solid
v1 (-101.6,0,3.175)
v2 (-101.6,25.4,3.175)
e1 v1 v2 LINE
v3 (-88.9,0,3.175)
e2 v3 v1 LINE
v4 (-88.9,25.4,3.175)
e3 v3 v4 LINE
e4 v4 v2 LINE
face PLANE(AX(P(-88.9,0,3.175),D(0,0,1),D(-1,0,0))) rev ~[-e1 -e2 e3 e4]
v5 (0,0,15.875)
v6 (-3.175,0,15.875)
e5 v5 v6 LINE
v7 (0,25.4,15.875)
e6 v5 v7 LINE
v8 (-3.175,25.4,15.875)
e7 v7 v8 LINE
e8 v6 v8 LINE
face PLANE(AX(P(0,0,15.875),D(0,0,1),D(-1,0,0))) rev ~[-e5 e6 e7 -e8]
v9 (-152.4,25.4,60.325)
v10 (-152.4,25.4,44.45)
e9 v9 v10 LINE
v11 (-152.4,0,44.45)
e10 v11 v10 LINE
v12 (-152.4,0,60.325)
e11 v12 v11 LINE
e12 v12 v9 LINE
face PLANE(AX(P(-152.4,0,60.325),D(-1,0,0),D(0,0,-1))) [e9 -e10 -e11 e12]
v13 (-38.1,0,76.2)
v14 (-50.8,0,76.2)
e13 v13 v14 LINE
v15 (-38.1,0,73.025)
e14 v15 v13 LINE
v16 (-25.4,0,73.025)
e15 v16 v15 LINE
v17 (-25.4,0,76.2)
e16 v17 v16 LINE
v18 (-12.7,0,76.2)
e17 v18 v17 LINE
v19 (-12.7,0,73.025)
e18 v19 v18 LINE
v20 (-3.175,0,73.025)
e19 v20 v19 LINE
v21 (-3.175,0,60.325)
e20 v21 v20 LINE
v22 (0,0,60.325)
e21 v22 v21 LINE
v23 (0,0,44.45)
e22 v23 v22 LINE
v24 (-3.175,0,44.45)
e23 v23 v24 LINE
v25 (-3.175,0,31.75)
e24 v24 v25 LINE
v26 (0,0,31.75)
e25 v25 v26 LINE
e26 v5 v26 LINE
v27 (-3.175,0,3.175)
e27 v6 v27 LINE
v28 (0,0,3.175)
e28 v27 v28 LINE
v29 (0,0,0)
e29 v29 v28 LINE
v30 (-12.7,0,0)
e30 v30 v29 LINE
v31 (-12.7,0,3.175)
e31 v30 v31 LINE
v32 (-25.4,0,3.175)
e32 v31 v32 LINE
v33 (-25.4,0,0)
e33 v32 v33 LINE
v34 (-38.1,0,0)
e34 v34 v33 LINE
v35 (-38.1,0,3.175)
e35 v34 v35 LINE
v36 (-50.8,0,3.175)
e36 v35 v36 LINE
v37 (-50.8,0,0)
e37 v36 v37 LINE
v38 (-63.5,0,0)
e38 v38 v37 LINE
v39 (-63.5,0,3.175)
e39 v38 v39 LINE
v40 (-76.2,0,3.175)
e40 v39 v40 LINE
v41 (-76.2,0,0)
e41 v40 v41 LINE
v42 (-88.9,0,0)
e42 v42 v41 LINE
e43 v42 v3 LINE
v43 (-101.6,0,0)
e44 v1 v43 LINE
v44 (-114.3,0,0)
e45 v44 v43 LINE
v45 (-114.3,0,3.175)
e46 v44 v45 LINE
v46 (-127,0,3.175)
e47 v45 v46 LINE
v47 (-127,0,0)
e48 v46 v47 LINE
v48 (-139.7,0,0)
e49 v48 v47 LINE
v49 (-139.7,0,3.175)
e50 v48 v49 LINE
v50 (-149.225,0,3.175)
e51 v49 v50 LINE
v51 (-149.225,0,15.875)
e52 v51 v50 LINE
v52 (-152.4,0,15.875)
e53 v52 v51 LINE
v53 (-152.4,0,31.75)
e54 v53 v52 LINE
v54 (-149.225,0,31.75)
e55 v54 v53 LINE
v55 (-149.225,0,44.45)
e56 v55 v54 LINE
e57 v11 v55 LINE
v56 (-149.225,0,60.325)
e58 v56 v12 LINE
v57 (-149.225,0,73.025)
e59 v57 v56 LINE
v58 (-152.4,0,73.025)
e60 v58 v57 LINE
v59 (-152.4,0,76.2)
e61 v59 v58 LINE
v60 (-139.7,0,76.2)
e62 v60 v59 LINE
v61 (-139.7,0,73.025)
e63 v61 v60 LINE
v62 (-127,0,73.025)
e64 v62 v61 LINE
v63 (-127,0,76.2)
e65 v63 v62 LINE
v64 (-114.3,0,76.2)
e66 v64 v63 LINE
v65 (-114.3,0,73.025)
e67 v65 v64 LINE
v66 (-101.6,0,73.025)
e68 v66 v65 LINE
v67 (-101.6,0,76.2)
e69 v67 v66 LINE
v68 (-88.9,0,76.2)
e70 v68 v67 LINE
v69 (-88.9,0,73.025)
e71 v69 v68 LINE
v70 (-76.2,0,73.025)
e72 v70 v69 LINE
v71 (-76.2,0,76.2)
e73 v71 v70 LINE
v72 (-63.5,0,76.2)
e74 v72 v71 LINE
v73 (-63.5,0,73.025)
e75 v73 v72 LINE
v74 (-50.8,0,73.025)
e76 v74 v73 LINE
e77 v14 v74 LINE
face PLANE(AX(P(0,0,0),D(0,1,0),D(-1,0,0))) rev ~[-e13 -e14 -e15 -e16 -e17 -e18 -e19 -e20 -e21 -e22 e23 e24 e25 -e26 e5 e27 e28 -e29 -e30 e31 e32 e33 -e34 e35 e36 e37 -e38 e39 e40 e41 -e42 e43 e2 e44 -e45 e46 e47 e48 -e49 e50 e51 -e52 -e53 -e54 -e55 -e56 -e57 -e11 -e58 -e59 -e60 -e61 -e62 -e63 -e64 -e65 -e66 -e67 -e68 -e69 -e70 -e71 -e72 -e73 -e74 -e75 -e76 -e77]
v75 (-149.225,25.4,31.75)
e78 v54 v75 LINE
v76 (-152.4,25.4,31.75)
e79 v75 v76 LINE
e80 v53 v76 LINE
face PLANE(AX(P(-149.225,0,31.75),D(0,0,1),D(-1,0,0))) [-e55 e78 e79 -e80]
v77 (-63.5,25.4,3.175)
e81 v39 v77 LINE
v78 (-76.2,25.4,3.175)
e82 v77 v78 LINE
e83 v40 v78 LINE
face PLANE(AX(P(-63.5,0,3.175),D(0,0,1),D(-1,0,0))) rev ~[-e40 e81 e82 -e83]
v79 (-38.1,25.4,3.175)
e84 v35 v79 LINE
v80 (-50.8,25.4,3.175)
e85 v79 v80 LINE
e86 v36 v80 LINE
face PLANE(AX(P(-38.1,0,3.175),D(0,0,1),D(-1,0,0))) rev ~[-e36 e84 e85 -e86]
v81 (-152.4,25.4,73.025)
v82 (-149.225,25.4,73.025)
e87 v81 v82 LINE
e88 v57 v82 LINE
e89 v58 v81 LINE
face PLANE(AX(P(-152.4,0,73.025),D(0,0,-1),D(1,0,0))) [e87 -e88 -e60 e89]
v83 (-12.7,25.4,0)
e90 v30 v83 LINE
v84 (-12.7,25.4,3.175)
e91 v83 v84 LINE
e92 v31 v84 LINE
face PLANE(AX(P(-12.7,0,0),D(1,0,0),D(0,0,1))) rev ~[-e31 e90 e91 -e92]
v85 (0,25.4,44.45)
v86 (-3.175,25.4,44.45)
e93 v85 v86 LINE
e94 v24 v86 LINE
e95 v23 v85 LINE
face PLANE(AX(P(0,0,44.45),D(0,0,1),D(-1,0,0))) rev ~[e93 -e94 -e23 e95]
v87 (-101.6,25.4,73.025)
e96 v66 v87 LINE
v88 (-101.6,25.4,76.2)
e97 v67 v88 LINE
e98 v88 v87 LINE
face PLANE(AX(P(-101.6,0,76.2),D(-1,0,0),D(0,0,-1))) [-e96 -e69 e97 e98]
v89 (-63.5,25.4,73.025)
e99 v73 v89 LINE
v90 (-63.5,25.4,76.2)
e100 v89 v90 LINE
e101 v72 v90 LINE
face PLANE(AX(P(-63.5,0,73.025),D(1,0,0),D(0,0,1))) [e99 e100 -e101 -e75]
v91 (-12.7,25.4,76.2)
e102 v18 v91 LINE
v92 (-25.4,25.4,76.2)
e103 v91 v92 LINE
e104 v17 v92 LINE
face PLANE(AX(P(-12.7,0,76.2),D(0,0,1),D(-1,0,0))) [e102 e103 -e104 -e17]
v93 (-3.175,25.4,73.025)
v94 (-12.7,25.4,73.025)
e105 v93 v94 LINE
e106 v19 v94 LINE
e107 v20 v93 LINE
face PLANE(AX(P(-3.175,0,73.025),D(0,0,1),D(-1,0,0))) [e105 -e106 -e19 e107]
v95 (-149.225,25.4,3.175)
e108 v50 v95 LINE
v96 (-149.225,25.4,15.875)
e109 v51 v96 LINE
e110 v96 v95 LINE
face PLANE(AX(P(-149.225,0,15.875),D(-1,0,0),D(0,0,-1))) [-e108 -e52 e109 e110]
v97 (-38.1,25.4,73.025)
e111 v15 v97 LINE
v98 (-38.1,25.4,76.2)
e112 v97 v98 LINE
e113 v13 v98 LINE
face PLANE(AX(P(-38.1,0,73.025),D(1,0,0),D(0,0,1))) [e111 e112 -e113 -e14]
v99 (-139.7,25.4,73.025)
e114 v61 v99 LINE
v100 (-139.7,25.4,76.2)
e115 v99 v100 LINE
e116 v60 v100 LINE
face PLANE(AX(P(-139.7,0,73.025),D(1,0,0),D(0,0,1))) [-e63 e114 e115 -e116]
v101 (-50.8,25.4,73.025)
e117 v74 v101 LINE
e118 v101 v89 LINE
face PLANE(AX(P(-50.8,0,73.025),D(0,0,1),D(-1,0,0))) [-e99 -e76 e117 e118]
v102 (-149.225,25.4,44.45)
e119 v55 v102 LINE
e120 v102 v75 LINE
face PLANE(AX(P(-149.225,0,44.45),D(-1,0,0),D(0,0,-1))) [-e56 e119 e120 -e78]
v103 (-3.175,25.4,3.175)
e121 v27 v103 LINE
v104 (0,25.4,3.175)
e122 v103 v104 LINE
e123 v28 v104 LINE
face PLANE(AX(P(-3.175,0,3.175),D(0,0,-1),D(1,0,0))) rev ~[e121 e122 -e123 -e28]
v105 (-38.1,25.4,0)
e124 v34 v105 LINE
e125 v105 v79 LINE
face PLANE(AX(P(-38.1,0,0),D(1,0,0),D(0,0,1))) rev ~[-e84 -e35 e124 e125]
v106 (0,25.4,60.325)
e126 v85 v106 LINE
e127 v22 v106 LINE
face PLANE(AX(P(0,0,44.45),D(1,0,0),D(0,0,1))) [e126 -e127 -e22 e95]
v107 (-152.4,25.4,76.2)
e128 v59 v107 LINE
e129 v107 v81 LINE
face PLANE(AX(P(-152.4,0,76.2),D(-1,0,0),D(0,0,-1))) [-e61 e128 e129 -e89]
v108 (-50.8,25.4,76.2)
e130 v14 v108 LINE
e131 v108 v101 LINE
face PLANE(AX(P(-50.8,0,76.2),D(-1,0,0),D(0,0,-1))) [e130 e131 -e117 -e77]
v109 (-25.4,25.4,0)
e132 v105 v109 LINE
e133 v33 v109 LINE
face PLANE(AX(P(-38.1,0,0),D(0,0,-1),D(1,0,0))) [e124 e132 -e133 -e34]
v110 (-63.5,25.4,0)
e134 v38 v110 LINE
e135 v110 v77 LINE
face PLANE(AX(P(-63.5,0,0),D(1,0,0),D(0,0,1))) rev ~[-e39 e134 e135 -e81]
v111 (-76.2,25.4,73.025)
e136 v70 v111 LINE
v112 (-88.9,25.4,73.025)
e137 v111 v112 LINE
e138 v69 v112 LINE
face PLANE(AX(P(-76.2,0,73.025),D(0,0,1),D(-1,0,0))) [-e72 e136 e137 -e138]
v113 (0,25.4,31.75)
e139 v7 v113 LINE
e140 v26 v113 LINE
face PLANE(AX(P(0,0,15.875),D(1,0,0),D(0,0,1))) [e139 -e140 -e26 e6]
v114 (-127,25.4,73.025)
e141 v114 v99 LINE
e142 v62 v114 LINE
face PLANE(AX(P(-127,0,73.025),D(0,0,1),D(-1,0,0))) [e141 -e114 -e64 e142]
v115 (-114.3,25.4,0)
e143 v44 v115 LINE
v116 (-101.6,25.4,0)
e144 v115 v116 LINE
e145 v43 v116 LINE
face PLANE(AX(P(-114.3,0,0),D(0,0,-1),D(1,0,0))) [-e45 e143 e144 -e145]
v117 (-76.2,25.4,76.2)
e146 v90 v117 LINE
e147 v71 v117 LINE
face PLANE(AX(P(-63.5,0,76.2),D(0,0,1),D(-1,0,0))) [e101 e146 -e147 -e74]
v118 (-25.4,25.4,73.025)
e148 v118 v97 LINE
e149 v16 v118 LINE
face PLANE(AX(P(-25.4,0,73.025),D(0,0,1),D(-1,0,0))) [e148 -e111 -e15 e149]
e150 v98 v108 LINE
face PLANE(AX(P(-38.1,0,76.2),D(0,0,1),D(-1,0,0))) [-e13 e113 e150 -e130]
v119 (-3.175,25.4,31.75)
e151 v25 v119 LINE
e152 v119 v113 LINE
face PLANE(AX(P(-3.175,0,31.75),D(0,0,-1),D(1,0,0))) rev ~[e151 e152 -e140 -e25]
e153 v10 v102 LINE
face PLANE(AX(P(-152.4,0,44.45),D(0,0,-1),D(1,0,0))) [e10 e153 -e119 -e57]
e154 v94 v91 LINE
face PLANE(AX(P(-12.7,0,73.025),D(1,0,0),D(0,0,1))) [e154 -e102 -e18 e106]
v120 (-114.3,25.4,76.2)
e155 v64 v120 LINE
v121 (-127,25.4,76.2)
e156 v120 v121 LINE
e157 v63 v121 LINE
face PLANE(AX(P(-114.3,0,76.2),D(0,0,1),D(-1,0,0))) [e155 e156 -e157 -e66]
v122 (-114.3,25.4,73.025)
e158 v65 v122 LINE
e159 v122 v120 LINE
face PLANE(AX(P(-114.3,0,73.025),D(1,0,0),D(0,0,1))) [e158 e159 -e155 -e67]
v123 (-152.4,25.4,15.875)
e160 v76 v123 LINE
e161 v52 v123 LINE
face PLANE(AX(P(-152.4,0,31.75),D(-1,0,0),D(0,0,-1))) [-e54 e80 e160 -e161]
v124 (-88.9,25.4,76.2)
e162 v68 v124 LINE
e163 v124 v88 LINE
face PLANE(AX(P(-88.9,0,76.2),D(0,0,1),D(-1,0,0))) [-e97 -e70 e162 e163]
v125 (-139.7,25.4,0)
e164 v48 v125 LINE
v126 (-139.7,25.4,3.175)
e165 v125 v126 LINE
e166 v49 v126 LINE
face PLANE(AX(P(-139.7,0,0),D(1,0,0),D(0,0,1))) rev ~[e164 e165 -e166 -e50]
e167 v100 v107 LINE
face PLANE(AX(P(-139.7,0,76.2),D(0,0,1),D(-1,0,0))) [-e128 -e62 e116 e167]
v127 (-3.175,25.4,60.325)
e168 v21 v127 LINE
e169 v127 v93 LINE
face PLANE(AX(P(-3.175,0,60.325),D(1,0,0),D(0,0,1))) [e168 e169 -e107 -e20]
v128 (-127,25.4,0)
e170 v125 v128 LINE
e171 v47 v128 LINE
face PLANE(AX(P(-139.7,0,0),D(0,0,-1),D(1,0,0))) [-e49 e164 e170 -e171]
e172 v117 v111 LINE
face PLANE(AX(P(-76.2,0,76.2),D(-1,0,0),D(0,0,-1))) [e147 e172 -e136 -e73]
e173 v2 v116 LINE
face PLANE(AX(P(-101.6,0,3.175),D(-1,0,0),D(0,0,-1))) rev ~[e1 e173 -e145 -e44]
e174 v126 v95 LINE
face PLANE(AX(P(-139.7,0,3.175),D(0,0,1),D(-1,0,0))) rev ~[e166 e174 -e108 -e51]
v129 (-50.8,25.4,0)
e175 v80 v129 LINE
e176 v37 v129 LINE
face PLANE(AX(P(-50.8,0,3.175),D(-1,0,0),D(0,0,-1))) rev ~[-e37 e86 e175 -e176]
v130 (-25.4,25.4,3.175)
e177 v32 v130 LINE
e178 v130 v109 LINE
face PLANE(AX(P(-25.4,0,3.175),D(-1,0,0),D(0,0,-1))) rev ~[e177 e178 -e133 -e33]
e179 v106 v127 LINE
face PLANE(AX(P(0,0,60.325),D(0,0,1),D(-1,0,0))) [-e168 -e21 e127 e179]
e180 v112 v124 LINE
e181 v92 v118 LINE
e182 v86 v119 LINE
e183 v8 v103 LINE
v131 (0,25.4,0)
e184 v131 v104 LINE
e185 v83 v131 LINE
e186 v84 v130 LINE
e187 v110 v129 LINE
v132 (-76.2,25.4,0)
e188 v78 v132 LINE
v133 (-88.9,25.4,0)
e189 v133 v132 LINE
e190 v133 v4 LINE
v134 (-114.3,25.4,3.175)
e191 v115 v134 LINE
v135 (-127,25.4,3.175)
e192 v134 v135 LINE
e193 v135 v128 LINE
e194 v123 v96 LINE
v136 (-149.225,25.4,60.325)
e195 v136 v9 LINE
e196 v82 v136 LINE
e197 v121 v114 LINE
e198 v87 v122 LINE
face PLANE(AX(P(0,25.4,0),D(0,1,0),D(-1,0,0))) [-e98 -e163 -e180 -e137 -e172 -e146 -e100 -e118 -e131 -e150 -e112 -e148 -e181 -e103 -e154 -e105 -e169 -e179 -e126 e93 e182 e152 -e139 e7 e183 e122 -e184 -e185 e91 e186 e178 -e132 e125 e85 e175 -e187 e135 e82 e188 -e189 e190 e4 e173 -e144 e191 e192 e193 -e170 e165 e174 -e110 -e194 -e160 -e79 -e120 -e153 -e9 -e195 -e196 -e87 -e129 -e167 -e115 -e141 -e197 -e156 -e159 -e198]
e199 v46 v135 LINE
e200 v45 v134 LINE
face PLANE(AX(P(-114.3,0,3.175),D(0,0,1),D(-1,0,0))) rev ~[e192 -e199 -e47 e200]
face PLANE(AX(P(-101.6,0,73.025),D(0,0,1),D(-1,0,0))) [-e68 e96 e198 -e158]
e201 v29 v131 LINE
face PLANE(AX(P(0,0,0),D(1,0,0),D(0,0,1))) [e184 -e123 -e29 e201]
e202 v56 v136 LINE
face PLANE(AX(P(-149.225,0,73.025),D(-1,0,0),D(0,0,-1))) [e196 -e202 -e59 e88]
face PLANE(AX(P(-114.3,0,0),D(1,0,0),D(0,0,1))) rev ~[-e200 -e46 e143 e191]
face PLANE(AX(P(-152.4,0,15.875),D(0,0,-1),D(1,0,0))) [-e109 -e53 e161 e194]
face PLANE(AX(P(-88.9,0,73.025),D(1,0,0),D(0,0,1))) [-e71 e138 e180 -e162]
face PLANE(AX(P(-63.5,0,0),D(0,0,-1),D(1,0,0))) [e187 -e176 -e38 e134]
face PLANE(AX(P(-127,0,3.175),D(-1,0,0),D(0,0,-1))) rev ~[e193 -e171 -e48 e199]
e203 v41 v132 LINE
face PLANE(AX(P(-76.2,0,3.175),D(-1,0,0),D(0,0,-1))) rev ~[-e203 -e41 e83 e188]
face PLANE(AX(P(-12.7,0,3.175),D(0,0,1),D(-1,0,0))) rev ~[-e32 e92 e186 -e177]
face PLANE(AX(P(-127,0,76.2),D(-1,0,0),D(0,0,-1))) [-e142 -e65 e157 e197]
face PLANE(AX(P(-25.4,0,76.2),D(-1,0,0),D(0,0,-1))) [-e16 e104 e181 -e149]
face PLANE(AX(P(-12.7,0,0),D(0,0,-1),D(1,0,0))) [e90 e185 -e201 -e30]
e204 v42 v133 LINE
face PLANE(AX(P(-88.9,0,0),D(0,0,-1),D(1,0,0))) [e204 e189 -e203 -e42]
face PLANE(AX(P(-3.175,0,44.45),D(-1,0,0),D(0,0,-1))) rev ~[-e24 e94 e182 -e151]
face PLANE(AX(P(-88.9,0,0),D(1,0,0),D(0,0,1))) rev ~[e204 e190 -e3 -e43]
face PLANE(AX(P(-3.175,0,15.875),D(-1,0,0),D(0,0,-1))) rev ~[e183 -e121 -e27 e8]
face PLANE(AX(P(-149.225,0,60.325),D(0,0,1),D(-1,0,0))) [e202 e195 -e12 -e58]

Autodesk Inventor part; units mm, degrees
ref_plane "YZ Plane" through (0, 0, 0) normal (1, 0, 0) x (0, 1, 0)
ref_plane "XZ Plane" through (0, 0, 0) normal (0, 1, 0) x (-1, 0, 0)
ref_plane "XY Plane" through (0, 0, 0) normal (0, 0, 1) x (1, 0, 0)
sketch "Sketch1" plane through (0, 0, 0) normal (0, 1, 0) x (-1, 0, 0)
  line L0 (0, 0) -> (0, 76.2)
  line L1 (0, 76.2) -> (152.4, 76.2)
  line L2 (152.4, 76.2) -> (152.4, 0)
  line L3 (152.4, 0) -> (0, 0)
  line L4 (139.7, 76.2) -> (127, 76.2)
  line L5 (127, 76.2) -> (127, 73.025)
  line L6 (127, 73.025) -> (139.7, 73.025)
  line L7 (139.7, 73.025) -> (139.7, 76.2)
  line L8 (114.3, 76.2) -> (101.6, 76.2)
  line L9 (101.6, 76.2) -> (101.6, 73.025)
  line L10 (101.6, 73.025) -> (114.3, 73.025)
  line L11 (114.3, 73.025) -> (114.3, 76.2)
  line L12 (88.9, 76.2) -> (76.2, 76.2)
  line L13 (76.2, 76.2) -> (76.2, 73.025)
  line L14 (76.2, 73.025) -> (88.9, 73.025)
  line L15 (88.9, 73.025) -> (88.9, 76.2)
  line L16 (63.5, 76.2) -> (50.8, 76.2)
  line L17 (50.8, 76.2) -> (50.8, 73.025)
  line L18 (50.8, 73.025) -> (63.5, 73.025)
  line L19 (63.5, 73.025) -> (63.5, 76.2)
  line L20 (38.1, 76.2) -> (25.4, 76.2)
  line L21 (25.4, 76.2) -> (25.4, 73.025)
  line L22 (25.4, 73.025) -> (38.1, 73.025)
  line L23 (38.1, 73.025) -> (38.1, 76.2)
  line L24 (12.7, 76.2) -> (0, 76.2)
  line L25 (0, 76.2) -> (0, 73.025)
  line L26 (0, 73.025) -> (12.7, 73.025)
  line L27 (12.7, 73.025) -> (12.7, 76.2)
  line L28 (152.4, 0) -> (139.7, 0)
  line L29 (139.7, 0) -> (139.7, 3.175)
  line L30 (139.7, 3.175) -> (152.4, 3.175)
  line L31 (152.4, 3.175) -> (152.4, 0)
  line L32 (127, 0) -> (114.3, 0)
  line L33 (114.3, 0) -> (114.3, 3.175)
  line L34 (114.3, 3.175) -> (127, 3.175)
  line L35 (127, 3.175) -> (127, 0)
  line L36 (101.6, 0) -> (88.9, 0)
  line L37 (88.9, 0) -> (88.9, 3.175)
  line L38 (88.9, 3.175) -> (101.6, 3.175)
  line L39 (101.6, 3.175) -> (101.6, 0)
  line L40 (76.2, 0) -> (63.5, 0)
  line L41 (63.5, 0) -> (63.5, 3.175)
  line L42 (63.5, 3.175) -> (76.2, 3.175)
  line L43 (76.2, 3.175) -> (76.2, 0)
  line L44 (50.8, 0) -> (38.1, 0)
  line L45 (38.1, 0) -> (38.1, 3.175)
  line L46 (38.1, 3.175) -> (50.8, 3.175)
  line L47 (50.8, 3.175) -> (50.8, 0)
  line L48 (25.4, 0) -> (12.7, 0)
  line L49 (12.7, 0) -> (12.7, 3.175)
  line L50 (12.7, 3.175) -> (25.4, 3.175)
  line L51 (25.4, 3.175) -> (25.4, 0)
  line L52 (152.4, 73.025) -> (149.225, 73.025)
  line L53 (149.225, 73.025) -> (149.225, 60.325)
  line L54 (149.225, 60.325) -> (152.4, 60.325)
  line L55 (152.4, 60.325) -> (152.4, 73.025)
  line L56 (152.4, 44.45) -> (149.225, 44.45)
  line L57 (149.225, 44.45) -> (149.225, 31.75)
  line L58 (149.225, 31.75) -> (152.4, 31.75)
  line L59 (152.4, 31.75) -> (152.4, 44.45)
  line L60 (152.4, 15.875) -> (149.225, 15.875)
  line L61 (149.225, 15.875) -> (149.225, 3.175)
  line L62 (149.225, 3.175) -> (152.4, 3.175)
  line L63 (152.4, 3.175) -> (152.4, 15.875)
  line L64 (0, 73.025) -> (0, 60.325)
  line L65 (0, 60.325) -> (3.175, 60.325)
  line L66 (3.175, 60.325) -> (3.175, 73.025)
  line L67 (3.175, 73.025) -> (0, 73.025)
  line L68 (0, 3.175) -> (0, 15.875)
  line L69 (0, 15.875) -> (3.175, 15.875)
  line L70 (3.175, 15.875) -> (3.175, 3.175)
  line L71 (3.175, 3.175) -> (0, 3.175)
  line L72 (0, 31.75) -> (0, 44.45)
  line L73 (0, 44.45) -> (3.175, 44.45)
  line L74 (3.175, 44.45) -> (3.175, 31.75)
  line L75 (3.175, 31.75) -> (0, 31.75)
  point P0 (149.225, 3.175)
  dimension "d176" = 76.2
  dimension "d177" = 152.4
  dimension "d178" = 12.7
  dimension "d179" = 3.175
  dimension "d180" = 12.7
  dimension "d181" = 12.7
  dimension "d182" = 3.175
  dimension "d183" = 12.7
  dimension "d184" = 3.175
  dimension "d185" = 12.7
  dimension "d186" = 3.175
  dimension "d187" = 12.7
  dimension "d188" = 3.175
  dimension "d189" = 12.7
  dimension "d190" = 12.7
  dimension "d191" = 12.7
  dimension "d192" = 12.7
  dimension "d193" = 12.7
  dimension "d194" = 3.175
  dimension "d195" = 12.7
  dimension "d196" = 12.7
  dimension "d197" = 3.175
  dimension "d198" = 12.7
  dimension "d199" = 3.175
  dimension "d200" = 12.7
  dimension "d201" = 3.175
  dimension "d202" = 12.7
  dimension "d203" = 3.175
  dimension "d204" = 12.7
  dimension "d205" = 12.7
  dimension "d206" = 12.7
  dimension "d207" = 12.7
  dimension "d208" = 3.175
  dimension "d209" = 12.7
  dimension "d210" = 3.175
  dimension "d211" = 12.7
  dimension "d212" = 12.7
  dimension "d213" = 3.175
  dimension "d214" = 12.7
  dimension "d215" = 3.175
  dimension "d216" = 3.175
  dimension "d217" = 12.7
  dimension "d218" = 15.875
  dimension "d219" = 3.175
  dimension "d220" = 12.7
  dimension "d222" = 3.175
  dimension "d223" = 12.7
  dimension "d224" = 3.175
  dimension "d225" = 12.7
  dimension "d226" = 3.175
  dimension "d227" = 3.175
  dimension "d228" = 12.7
  dimension "d229" = 3.175
  dimension "d230" = 15.875
extrude "Extrusion5" add sketch "Sketch1" along normal blind 25.4 contours L0 L71 L70 L69 L75 L74 L73 L65 L66 L26 L27 L1 L21 L22 L23 L17 L18 L19 L13 L14 L15 L9 L10 L11 L5 L6 L7 L2 L52 L53 L54 L56 L57 L58 L60 L61 L30 L29 L3 L35 L34 L33 L39 L38 L37 L43 L42 L41 L47 L46 L45 L51 L50 L49
properties part number "SidePanel"
